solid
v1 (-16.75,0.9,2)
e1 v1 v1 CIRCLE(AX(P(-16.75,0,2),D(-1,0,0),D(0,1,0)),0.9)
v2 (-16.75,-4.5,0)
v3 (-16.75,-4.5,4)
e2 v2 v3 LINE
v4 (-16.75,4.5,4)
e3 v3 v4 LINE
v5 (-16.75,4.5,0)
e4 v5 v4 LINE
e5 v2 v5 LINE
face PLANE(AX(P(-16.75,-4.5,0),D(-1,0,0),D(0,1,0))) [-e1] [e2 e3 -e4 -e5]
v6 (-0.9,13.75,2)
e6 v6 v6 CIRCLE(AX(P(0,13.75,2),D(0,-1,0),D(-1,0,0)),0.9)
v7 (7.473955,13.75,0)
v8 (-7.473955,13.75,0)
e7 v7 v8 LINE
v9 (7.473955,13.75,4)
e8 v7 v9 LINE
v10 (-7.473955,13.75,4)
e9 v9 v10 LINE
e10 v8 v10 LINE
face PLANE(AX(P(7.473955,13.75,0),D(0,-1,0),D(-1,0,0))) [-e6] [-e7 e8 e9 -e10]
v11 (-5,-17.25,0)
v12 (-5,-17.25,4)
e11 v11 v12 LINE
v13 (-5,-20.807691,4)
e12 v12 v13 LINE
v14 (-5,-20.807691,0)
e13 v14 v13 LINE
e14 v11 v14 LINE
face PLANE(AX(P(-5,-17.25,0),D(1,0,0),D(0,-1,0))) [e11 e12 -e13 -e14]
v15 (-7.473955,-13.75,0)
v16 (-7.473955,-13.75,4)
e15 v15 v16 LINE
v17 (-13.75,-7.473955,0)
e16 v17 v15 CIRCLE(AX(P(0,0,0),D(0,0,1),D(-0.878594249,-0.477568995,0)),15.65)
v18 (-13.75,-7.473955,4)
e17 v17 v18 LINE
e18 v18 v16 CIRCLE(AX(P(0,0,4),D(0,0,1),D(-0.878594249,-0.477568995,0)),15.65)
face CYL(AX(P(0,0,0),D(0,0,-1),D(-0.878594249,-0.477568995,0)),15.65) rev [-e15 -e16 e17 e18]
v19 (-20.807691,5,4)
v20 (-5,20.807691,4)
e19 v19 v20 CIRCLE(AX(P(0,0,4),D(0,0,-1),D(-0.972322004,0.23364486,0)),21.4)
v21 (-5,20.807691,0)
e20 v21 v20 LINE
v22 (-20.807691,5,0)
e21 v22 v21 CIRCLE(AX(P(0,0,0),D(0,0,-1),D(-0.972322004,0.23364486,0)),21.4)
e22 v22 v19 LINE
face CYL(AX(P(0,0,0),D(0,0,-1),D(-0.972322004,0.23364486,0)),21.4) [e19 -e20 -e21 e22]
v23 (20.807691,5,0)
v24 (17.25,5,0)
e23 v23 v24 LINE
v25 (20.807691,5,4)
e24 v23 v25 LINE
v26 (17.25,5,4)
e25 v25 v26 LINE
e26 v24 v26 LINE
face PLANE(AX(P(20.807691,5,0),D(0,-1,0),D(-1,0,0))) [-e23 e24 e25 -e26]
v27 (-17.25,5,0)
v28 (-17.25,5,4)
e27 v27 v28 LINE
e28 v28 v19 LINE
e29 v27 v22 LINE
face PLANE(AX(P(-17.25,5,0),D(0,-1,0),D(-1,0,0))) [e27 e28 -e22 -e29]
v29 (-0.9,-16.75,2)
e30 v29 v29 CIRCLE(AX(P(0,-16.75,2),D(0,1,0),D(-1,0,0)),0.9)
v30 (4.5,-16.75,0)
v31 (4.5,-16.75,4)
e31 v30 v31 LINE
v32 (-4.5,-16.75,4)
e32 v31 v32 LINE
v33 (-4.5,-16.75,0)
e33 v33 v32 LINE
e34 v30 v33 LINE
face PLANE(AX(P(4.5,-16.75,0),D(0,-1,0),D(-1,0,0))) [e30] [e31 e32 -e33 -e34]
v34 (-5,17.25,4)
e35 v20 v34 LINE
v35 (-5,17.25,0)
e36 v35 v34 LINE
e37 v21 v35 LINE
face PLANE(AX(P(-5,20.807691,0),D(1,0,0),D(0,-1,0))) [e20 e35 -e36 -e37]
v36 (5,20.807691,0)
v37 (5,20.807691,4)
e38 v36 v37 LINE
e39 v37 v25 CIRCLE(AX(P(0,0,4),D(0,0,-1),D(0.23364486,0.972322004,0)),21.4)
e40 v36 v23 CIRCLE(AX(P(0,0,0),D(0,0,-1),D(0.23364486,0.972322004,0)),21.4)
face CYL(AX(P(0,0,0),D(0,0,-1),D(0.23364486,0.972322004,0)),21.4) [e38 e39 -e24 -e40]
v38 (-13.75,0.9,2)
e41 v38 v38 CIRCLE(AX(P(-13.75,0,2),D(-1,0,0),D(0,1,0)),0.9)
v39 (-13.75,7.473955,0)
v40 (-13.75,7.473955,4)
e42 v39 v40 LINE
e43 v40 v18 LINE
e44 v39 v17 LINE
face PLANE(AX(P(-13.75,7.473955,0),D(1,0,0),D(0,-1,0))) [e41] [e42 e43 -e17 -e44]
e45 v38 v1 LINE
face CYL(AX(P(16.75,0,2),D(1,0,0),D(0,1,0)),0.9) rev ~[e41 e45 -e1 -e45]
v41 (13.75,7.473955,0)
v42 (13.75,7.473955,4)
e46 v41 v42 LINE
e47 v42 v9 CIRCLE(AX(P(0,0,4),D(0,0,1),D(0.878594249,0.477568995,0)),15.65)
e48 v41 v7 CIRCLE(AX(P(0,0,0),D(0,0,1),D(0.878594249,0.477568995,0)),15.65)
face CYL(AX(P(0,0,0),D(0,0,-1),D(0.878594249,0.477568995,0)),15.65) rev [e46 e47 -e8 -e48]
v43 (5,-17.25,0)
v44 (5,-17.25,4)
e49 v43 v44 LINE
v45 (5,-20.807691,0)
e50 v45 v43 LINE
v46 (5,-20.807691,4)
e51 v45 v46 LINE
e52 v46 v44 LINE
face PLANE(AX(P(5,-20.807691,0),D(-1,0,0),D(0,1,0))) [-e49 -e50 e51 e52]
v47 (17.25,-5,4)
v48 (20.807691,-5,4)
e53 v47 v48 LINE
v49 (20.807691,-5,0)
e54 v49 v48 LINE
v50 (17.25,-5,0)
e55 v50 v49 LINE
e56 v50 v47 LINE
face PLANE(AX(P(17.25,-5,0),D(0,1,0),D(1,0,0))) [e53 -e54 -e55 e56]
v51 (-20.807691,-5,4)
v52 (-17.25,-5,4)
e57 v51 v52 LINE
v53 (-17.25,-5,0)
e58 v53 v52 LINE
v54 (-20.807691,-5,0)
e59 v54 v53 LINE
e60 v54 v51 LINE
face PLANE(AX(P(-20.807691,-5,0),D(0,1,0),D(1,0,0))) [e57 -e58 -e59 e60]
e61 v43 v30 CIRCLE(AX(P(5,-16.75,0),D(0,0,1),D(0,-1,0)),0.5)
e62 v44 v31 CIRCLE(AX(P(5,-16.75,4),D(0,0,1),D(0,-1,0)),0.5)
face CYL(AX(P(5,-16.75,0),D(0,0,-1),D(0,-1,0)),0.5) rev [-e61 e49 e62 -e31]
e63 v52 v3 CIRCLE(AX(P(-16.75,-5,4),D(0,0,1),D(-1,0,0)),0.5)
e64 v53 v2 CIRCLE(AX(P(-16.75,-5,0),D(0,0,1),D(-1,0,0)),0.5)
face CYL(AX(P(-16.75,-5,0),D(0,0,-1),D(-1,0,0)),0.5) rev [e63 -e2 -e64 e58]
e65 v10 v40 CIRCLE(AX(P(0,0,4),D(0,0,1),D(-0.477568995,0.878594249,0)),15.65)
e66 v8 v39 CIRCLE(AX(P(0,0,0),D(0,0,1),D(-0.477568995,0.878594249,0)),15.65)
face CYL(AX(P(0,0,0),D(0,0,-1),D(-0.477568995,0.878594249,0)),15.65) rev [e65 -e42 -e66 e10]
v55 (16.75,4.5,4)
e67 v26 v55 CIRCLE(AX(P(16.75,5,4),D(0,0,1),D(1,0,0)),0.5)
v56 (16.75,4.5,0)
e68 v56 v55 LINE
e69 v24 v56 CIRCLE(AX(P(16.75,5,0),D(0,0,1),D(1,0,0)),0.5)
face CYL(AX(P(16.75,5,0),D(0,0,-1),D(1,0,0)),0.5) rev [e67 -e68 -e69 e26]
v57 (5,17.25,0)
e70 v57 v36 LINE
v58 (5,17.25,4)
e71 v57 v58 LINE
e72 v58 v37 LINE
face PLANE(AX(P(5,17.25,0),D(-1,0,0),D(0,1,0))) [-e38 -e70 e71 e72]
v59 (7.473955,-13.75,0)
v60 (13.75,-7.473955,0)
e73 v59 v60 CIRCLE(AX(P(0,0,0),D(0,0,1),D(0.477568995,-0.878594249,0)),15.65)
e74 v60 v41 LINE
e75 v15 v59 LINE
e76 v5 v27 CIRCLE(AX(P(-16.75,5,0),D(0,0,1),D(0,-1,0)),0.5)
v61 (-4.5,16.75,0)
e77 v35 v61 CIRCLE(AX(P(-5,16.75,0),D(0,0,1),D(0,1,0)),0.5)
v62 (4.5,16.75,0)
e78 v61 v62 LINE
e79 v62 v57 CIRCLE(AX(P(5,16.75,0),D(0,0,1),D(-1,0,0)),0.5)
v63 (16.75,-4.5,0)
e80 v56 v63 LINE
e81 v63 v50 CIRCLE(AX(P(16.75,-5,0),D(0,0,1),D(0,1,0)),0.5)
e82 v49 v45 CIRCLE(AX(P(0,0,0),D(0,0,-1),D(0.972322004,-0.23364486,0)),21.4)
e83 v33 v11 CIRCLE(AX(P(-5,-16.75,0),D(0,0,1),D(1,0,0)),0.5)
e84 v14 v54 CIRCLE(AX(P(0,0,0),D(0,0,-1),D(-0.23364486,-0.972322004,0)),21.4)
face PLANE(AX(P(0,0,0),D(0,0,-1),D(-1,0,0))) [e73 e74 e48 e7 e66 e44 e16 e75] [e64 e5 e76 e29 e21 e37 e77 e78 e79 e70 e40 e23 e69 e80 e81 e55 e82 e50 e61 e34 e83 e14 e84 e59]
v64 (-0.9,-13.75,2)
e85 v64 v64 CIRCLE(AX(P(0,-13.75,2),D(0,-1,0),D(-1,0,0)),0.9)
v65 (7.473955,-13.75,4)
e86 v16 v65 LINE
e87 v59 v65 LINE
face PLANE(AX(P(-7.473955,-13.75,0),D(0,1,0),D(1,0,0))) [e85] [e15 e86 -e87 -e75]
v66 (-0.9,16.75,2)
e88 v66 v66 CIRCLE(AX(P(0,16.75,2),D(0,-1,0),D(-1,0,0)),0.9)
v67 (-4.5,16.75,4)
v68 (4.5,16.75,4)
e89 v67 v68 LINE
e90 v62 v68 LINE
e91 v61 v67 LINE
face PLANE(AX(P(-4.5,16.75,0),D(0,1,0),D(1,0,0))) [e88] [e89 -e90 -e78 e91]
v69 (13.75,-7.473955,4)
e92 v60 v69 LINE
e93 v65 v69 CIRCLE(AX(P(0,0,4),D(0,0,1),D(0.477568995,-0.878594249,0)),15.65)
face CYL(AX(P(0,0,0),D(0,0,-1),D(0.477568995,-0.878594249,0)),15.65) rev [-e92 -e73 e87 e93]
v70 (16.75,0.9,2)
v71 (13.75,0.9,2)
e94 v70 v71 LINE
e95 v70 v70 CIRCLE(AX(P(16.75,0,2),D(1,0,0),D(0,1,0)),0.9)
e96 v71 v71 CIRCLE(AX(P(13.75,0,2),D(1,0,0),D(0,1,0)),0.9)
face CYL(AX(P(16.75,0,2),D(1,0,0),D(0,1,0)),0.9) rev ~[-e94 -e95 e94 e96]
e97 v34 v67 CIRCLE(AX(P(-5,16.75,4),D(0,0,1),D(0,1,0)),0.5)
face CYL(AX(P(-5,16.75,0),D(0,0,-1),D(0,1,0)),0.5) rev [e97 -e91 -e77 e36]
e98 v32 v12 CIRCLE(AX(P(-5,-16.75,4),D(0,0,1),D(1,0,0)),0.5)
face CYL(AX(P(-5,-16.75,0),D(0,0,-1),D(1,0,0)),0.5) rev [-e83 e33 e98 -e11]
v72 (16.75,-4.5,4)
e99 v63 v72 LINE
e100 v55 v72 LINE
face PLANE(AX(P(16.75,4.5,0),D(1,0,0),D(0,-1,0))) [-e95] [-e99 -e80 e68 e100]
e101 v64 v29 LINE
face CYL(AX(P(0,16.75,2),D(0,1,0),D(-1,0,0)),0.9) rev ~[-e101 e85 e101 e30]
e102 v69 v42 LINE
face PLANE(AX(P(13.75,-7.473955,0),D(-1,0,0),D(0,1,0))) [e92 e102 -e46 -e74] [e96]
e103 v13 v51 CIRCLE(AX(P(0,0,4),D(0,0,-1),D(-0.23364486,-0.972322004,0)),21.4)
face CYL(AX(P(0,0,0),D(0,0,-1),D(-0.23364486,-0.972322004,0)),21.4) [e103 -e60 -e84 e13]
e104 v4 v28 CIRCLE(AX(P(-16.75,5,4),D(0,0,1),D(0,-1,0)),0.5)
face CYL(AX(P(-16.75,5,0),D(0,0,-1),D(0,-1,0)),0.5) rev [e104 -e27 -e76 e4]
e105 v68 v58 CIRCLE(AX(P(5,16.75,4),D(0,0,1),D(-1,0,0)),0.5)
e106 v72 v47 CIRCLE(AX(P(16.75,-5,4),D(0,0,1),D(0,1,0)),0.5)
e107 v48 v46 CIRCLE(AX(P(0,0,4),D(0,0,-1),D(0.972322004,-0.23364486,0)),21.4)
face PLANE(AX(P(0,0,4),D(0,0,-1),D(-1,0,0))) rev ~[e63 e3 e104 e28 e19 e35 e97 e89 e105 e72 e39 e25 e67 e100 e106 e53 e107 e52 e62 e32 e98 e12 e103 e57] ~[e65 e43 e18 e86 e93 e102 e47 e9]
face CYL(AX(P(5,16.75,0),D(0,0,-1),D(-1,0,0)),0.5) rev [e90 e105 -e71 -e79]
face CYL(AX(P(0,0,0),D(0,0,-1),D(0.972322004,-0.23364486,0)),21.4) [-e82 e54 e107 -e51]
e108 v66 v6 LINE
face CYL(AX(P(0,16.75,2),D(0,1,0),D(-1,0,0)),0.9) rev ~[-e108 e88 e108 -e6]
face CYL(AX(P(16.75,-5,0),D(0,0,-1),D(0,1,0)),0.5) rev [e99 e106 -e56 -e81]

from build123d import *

# Parameters (mm, degrees)
EXTRUDE_1_DEPTH          = 4
SKETCH_2_R               = 0.9
CUT_EXTRUDE_1_DEPTH      = 43
PATTERN_CIRCULAR_1_COUNT = 4


with BuildPart() as part:
    # 草图1 → 凸台-拉伸1 (new body)
    with BuildSketch(Plane.XY):
        with BuildLine():
            Line((-4.5, 16.75), (4.5, 16.75))
            ThreePointArc((4.5, 16.75), (5.353553391, 16.396446609), (5, 17.25))
            Line((5, 17.25), (5, 20.807690886))
            ThreePointArc((5, 20.807690886), (15.132085117, 15.132085117), (20.807690886, 5))
            Line((20.807690886, 5), (17.25, 5))
            ThreePointArc((17.25, 5), (16.396446609, 5.353553391), (16.75, 4.5))
            Line((16.75, 4.5), (16.75, -4.5))
            ThreePointArc((16.75, -4.5), (16.396446609, -5.353553391), (17.25, -5))
            Line((17.25, -5), (20.807690886, -5))
            ThreePointArc((20.807690886, -5), (15.132085117, -15.132085117), (5, -20.807690886))
            Line((5, -20.807690886), (5, -17.25))
            ThreePointArc((5, -17.25), (5.353553391, -16.396446609), (4.5, -16.75))
            Line((4.5, -16.75), (-4.5, -16.75))
            ThreePointArc((-4.5, -16.75), (-5.353553391, -16.396446609), (-5, -17.25))
            Line((-5, -17.25), (-5, -20.807690886))
            ThreePointArc((-5, -20.807690886), (-15.132085117, -15.132085117), (-20.807690886, -5))
            Line((-20.807690886, -5), (-17.25, -5))
            ThreePointArc((-17.25, -5), (-16.396446609, -5.353553391), (-16.75, -4.5))
            Line((-16.75, -4.5), (-16.75, 4.5))
            ThreePointArc((-16.75, 4.5), (-16.396446609, 5.353553391), (-17.25, 5))
            Line((-17.25, 5), (-20.807690886, 5))
            ThreePointArc((-20.807690886, 5), (-15.132085117, 15.132085117), (-5, 20.807690886))
            Line((-5, 20.807690886), (-5, 17.25))
            ThreePointArc((-5, 17.25), (-5.353553391, 16.396446609), (-4.5, 16.75))
        make_face()
        with BuildLine():
            Line((-7.473954776, -13.75), (7.473954776, -13.75))
            ThreePointArc((7.473954776, -13.75), (11.066221126, -11.066221126), (13.75, -7.473954776))
            Line((13.75, -7.473954776), (13.75, 7.473954776))
            ThreePointArc((13.75, 7.473954776), (11.066221126, 11.066221126), (7.473954776, 13.75))
            Line((7.473954776, 13.75), (-7.473954776, 13.75))
            ThreePointArc((-7.473954776, 13.75), (-11.066221126, 11.066221126), (-13.75, 7.473954776))
            Line((-13.75, 7.473954776), (-13.75, -7.473954776))
            ThreePointArc((-13.75, -7.473954776), (-11.066221126, -11.066221126), (-7.473954776, -13.75))
        make_face(mode=Mode.SUBTRACT)
    extrude(amount=EXTRUDE_1_DEPTH)

    # 草图2 → 切除-拉伸1 (cut)
    with BuildSketch(Plane(origin=(0, 16.75, 0), x_dir=(1, 0, 0), z_dir=(0, 1, 0))):
        with Locations(Location((0, -2, 0), (0, 0, 180))):
            Circle(SKETCH_2_R)
    cut_extrude_1 = extrude(amount=-CUT_EXTRUDE_1_DEPTH, mode=Mode.SUBTRACT)

    # 阵列(圆周)1: 切除-拉伸1 ×4 about axis
    pattern_circular_1_axis = Axis((0, 0, 4), (0, 0, -1))
    for i in range(1, PATTERN_CIRCULAR_1_COUNT):
        add(cut_extrude_1.rotate(pattern_circular_1_axis, i * 360 / PATTERN_CIRCULAR_1_COUNT), mode=Mode.SUBTRACT)


solid = part.part
